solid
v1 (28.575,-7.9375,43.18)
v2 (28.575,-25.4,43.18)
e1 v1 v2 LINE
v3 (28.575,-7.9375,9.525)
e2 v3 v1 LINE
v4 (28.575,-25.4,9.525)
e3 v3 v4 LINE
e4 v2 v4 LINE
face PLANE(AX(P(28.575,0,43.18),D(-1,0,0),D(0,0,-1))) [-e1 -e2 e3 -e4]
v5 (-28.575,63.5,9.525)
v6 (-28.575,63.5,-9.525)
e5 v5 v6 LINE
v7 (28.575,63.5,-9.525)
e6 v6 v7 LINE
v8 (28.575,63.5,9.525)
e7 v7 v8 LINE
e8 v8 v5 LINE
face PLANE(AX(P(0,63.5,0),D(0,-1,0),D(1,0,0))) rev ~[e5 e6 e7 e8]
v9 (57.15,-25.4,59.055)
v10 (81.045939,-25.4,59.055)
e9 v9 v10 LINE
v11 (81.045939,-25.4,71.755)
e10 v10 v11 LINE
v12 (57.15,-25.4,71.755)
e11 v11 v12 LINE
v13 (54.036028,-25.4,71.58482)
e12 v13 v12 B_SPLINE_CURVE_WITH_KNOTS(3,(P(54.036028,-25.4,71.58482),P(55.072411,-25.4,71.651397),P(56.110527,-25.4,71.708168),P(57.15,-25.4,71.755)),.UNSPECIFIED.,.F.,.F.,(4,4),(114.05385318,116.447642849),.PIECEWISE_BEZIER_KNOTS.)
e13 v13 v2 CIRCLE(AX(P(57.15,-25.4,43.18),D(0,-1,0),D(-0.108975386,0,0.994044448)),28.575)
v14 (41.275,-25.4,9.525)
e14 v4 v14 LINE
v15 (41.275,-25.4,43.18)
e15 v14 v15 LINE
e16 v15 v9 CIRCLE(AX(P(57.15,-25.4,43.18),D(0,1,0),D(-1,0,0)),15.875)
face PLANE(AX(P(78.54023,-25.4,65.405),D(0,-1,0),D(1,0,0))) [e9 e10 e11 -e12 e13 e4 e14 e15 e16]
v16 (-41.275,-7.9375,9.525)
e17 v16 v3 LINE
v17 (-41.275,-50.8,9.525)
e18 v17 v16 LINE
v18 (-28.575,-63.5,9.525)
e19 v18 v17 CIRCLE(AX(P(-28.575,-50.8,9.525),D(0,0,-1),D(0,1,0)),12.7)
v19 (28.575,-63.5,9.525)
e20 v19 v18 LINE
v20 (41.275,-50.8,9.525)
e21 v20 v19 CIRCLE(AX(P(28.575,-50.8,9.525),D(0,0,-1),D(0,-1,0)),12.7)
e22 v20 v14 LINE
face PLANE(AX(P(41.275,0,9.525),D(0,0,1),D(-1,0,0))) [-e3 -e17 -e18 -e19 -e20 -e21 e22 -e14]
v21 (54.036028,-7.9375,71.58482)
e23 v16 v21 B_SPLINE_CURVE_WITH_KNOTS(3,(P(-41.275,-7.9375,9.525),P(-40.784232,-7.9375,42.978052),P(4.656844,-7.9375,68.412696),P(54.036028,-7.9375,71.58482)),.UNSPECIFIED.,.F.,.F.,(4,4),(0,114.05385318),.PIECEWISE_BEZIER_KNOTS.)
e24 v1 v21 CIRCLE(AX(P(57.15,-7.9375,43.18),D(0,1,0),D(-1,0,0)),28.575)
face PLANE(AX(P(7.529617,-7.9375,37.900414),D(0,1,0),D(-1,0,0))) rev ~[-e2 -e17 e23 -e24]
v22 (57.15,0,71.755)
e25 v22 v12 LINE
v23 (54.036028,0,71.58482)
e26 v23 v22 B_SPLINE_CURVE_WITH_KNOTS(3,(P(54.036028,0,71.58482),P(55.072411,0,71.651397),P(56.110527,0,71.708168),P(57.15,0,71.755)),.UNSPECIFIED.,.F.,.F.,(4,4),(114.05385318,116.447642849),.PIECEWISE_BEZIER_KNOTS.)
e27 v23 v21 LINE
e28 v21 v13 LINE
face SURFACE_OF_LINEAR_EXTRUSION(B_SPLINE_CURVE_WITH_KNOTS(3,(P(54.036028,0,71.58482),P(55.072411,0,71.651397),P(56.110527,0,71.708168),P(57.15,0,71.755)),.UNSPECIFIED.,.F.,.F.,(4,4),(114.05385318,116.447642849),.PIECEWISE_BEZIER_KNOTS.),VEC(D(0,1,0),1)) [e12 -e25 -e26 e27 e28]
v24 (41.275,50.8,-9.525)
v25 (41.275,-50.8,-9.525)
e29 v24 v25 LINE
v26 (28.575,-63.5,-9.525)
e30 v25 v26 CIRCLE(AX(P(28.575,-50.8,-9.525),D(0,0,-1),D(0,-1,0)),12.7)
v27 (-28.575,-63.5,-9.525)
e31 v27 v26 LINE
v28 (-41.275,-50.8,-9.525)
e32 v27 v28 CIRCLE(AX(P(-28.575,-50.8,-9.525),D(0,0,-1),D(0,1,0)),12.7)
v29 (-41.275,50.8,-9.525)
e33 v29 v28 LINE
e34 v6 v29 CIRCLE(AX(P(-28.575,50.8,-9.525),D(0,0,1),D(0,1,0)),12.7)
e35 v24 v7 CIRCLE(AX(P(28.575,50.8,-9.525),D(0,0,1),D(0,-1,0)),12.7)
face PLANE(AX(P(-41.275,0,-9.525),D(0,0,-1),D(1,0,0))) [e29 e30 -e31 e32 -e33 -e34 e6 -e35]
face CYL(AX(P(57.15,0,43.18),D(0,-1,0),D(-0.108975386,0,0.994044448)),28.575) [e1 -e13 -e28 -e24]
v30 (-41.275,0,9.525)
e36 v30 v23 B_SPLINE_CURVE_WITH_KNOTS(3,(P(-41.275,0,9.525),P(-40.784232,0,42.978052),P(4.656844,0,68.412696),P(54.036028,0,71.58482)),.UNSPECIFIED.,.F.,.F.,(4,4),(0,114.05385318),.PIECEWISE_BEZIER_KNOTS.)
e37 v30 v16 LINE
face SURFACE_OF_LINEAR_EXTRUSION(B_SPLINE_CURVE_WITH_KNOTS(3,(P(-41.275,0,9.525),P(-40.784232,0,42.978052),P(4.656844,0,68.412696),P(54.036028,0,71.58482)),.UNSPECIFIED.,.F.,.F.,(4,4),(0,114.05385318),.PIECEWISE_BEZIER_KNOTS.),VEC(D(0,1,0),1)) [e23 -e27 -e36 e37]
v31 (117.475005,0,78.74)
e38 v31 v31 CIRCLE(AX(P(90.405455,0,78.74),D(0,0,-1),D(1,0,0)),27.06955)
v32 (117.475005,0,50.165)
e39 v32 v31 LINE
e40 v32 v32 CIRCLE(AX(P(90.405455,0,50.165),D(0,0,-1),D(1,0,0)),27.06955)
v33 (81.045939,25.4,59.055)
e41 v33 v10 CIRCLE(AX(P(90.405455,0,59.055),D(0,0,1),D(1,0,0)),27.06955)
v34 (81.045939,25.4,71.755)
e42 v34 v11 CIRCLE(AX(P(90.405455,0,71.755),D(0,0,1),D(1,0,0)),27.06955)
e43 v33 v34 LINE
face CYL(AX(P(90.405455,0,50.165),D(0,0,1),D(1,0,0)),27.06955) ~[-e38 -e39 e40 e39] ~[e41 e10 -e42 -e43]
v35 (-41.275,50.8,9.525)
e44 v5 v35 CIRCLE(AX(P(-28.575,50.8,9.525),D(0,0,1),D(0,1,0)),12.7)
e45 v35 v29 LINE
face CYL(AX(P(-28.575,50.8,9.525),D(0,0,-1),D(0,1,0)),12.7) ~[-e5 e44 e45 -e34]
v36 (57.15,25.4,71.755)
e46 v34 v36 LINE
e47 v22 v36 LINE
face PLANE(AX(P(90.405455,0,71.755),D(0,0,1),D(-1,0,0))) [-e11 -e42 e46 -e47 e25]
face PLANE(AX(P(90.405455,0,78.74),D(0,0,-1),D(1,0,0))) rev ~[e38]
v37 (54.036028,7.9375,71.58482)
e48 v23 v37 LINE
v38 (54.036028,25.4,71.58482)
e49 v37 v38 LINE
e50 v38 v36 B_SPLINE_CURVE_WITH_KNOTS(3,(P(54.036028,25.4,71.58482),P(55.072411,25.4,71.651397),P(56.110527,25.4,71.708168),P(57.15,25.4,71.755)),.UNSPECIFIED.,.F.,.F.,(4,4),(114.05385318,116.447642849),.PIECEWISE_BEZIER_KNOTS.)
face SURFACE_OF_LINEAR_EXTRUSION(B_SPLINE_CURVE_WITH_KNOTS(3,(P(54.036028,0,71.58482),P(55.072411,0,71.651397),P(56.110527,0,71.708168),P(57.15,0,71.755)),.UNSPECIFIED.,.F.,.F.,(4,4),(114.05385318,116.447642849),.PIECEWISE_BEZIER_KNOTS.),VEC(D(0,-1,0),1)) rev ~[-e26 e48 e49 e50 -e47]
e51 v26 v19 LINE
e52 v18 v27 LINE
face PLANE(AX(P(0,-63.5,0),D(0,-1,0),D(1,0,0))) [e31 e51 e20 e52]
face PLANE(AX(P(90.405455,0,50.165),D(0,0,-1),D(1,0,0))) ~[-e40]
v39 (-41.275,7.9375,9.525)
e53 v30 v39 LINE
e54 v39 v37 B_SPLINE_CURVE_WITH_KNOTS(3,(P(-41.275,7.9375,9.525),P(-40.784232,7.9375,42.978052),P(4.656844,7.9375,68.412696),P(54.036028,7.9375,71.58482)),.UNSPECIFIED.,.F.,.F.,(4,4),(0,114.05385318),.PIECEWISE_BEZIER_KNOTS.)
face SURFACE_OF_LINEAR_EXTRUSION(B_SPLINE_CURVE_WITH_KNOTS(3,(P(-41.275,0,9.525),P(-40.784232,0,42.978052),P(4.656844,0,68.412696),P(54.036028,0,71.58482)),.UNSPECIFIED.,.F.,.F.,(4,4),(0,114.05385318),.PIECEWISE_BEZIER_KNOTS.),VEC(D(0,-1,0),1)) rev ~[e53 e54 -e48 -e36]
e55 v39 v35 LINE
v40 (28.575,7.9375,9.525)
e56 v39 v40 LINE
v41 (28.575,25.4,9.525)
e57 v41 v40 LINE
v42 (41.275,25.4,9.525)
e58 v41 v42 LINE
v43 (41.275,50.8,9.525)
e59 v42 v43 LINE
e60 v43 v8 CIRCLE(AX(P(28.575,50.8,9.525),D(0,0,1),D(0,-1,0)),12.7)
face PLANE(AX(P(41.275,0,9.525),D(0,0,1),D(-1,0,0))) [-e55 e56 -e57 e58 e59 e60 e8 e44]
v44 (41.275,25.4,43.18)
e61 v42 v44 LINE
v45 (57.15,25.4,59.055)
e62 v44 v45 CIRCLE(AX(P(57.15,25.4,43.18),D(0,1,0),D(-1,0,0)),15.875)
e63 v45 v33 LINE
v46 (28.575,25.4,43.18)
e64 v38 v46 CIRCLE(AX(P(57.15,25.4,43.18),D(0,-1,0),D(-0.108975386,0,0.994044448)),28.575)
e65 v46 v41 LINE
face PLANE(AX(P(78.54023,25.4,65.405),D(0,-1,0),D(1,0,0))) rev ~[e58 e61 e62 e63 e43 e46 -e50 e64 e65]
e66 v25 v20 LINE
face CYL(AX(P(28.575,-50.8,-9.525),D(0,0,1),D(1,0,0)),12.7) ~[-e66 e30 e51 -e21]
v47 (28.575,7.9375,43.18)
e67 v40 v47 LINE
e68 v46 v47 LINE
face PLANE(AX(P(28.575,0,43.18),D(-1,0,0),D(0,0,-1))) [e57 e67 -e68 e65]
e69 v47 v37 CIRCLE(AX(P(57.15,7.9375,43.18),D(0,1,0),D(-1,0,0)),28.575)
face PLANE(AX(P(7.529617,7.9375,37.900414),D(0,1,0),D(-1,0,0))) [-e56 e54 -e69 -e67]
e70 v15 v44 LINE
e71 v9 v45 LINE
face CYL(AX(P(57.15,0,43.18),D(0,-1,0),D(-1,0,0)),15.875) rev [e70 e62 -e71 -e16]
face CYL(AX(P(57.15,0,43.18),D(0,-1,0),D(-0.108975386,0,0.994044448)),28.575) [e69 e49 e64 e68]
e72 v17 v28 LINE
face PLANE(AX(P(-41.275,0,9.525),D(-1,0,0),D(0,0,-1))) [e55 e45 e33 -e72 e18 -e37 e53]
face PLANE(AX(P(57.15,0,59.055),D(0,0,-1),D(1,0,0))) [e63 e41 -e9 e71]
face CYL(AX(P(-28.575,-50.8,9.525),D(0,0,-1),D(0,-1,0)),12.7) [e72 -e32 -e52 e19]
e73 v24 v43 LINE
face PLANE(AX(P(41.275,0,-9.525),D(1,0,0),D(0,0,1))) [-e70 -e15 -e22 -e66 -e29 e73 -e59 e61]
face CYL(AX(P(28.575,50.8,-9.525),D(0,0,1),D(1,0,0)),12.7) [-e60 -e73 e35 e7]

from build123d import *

# Parameters (mm, degrees)
F1_DEPTH = 63.5
F0_W     = 23.7304499335
F0_H     = 12.7
F2_DEPTH = 25.4
F3_DEPTH = 7.9375
F5_R     = 12.7


with BuildPart() as f1:
    # F0 (on Front) → F1 (new body, symmetric)
    with BuildSketch(Plane.XZ):
        Polygon((-41.275, 9.525), (-41.275, -9.525), (41.275, -9.525), (41.275, 9.525), (28.575, 9.525), align=None)
    extrude(amount=F1_DEPTH, both=True)

    # F0 (on Front) → F2 (join, symmetric)
    with BuildSketch(Plane.XZ):
        with Locations((78.5402297496, 65.405)):
            Rectangle(F0_W, F0_H)
        with BuildLine():
            Line((28.575, 9.525), (41.275, 9.525))
            Line((41.275, 9.525), (41.275, 43.18))
            ThreePointArc((41.275, 43.18), (45.9246798487, 54.4053201513), (57.15, 59.055))
            Line((57.15, 59.055), (66.6750047829, 59.055))
            Line((66.6750047829, 59.055), (66.6750047829, 71.755))
            Line((66.6750047829, 71.755), (57.15, 71.755))
            add(Edge.make_bspline(
                [(54.0360283446, 71.5848201108), (55.0724105274, 71.6513974169), (56.1105274713, 71.7081679444), (57.15, 71.755)],
                knots=[114.0538531796, 114.0538531796, 114.0538531796, 114.0538531796, 116.4476428486, 116.4476428486, 116.4476428486, 116.4476428486], degree=3))
            ThreePointArc((54.0360283446, 71.5848201108), (35.8719318892, 62.2528718989), (28.575, 43.18))
            Line((28.575, 43.18), (28.575, 9.525))
        make_face()
    extrude(amount=F2_DEPTH, both=True)

    # F0 (on Front) → F3 (join, symmetric)
    with BuildSketch(Plane.XZ):
        with BuildLine():
            add(Edge.make_bspline(
                [(-41.275, 9.525), (-40.7842322423, 42.9780517277), (4.6568440166, 68.4126958455), (54.0360283446, 71.5848201108)],
                knots=[0, 0, 0, 0, 114.0538531796, 114.0538531796, 114.0538531796, 114.0538531796], degree=3))
            Line((-41.275, 9.525), (28.575, 9.525))
            Line((28.575, 9.525), (28.575, 43.18))
            ThreePointArc((28.575, 43.18), (35.8719318892, 62.2528718989), (54.0360283446, 71.5848201108))
        make_face()
    extrude(amount=F3_DEPTH, both=True)

    # F0 (on Front) → F4 (revolve)
    with BuildSketch(Plane.XZ):
        Polygon((90.4054547164, 78.74), (90.4054547164, 71.755), (90.4054547164, 59.055), (90.4054547164, 50.165), (117.4750047829, 50.165), (117.4750047829, 78.74), align=None)
    revolve(axis=Axis((90.4054547164, 0, 68.8975), (0, 0, -1)))

    # F5
    f5_edges = [f1.edges().sort_by_distance(p)[0] for p in [
        (41.275, -63.5, 0),
        (-41.275, -63.5, 0),
        (-41.275, 63.5, 0),
        (41.275, 63.5, 0),
    ]]
    fillet(f5_edges, radius=F5_R)


solid = f1.part
